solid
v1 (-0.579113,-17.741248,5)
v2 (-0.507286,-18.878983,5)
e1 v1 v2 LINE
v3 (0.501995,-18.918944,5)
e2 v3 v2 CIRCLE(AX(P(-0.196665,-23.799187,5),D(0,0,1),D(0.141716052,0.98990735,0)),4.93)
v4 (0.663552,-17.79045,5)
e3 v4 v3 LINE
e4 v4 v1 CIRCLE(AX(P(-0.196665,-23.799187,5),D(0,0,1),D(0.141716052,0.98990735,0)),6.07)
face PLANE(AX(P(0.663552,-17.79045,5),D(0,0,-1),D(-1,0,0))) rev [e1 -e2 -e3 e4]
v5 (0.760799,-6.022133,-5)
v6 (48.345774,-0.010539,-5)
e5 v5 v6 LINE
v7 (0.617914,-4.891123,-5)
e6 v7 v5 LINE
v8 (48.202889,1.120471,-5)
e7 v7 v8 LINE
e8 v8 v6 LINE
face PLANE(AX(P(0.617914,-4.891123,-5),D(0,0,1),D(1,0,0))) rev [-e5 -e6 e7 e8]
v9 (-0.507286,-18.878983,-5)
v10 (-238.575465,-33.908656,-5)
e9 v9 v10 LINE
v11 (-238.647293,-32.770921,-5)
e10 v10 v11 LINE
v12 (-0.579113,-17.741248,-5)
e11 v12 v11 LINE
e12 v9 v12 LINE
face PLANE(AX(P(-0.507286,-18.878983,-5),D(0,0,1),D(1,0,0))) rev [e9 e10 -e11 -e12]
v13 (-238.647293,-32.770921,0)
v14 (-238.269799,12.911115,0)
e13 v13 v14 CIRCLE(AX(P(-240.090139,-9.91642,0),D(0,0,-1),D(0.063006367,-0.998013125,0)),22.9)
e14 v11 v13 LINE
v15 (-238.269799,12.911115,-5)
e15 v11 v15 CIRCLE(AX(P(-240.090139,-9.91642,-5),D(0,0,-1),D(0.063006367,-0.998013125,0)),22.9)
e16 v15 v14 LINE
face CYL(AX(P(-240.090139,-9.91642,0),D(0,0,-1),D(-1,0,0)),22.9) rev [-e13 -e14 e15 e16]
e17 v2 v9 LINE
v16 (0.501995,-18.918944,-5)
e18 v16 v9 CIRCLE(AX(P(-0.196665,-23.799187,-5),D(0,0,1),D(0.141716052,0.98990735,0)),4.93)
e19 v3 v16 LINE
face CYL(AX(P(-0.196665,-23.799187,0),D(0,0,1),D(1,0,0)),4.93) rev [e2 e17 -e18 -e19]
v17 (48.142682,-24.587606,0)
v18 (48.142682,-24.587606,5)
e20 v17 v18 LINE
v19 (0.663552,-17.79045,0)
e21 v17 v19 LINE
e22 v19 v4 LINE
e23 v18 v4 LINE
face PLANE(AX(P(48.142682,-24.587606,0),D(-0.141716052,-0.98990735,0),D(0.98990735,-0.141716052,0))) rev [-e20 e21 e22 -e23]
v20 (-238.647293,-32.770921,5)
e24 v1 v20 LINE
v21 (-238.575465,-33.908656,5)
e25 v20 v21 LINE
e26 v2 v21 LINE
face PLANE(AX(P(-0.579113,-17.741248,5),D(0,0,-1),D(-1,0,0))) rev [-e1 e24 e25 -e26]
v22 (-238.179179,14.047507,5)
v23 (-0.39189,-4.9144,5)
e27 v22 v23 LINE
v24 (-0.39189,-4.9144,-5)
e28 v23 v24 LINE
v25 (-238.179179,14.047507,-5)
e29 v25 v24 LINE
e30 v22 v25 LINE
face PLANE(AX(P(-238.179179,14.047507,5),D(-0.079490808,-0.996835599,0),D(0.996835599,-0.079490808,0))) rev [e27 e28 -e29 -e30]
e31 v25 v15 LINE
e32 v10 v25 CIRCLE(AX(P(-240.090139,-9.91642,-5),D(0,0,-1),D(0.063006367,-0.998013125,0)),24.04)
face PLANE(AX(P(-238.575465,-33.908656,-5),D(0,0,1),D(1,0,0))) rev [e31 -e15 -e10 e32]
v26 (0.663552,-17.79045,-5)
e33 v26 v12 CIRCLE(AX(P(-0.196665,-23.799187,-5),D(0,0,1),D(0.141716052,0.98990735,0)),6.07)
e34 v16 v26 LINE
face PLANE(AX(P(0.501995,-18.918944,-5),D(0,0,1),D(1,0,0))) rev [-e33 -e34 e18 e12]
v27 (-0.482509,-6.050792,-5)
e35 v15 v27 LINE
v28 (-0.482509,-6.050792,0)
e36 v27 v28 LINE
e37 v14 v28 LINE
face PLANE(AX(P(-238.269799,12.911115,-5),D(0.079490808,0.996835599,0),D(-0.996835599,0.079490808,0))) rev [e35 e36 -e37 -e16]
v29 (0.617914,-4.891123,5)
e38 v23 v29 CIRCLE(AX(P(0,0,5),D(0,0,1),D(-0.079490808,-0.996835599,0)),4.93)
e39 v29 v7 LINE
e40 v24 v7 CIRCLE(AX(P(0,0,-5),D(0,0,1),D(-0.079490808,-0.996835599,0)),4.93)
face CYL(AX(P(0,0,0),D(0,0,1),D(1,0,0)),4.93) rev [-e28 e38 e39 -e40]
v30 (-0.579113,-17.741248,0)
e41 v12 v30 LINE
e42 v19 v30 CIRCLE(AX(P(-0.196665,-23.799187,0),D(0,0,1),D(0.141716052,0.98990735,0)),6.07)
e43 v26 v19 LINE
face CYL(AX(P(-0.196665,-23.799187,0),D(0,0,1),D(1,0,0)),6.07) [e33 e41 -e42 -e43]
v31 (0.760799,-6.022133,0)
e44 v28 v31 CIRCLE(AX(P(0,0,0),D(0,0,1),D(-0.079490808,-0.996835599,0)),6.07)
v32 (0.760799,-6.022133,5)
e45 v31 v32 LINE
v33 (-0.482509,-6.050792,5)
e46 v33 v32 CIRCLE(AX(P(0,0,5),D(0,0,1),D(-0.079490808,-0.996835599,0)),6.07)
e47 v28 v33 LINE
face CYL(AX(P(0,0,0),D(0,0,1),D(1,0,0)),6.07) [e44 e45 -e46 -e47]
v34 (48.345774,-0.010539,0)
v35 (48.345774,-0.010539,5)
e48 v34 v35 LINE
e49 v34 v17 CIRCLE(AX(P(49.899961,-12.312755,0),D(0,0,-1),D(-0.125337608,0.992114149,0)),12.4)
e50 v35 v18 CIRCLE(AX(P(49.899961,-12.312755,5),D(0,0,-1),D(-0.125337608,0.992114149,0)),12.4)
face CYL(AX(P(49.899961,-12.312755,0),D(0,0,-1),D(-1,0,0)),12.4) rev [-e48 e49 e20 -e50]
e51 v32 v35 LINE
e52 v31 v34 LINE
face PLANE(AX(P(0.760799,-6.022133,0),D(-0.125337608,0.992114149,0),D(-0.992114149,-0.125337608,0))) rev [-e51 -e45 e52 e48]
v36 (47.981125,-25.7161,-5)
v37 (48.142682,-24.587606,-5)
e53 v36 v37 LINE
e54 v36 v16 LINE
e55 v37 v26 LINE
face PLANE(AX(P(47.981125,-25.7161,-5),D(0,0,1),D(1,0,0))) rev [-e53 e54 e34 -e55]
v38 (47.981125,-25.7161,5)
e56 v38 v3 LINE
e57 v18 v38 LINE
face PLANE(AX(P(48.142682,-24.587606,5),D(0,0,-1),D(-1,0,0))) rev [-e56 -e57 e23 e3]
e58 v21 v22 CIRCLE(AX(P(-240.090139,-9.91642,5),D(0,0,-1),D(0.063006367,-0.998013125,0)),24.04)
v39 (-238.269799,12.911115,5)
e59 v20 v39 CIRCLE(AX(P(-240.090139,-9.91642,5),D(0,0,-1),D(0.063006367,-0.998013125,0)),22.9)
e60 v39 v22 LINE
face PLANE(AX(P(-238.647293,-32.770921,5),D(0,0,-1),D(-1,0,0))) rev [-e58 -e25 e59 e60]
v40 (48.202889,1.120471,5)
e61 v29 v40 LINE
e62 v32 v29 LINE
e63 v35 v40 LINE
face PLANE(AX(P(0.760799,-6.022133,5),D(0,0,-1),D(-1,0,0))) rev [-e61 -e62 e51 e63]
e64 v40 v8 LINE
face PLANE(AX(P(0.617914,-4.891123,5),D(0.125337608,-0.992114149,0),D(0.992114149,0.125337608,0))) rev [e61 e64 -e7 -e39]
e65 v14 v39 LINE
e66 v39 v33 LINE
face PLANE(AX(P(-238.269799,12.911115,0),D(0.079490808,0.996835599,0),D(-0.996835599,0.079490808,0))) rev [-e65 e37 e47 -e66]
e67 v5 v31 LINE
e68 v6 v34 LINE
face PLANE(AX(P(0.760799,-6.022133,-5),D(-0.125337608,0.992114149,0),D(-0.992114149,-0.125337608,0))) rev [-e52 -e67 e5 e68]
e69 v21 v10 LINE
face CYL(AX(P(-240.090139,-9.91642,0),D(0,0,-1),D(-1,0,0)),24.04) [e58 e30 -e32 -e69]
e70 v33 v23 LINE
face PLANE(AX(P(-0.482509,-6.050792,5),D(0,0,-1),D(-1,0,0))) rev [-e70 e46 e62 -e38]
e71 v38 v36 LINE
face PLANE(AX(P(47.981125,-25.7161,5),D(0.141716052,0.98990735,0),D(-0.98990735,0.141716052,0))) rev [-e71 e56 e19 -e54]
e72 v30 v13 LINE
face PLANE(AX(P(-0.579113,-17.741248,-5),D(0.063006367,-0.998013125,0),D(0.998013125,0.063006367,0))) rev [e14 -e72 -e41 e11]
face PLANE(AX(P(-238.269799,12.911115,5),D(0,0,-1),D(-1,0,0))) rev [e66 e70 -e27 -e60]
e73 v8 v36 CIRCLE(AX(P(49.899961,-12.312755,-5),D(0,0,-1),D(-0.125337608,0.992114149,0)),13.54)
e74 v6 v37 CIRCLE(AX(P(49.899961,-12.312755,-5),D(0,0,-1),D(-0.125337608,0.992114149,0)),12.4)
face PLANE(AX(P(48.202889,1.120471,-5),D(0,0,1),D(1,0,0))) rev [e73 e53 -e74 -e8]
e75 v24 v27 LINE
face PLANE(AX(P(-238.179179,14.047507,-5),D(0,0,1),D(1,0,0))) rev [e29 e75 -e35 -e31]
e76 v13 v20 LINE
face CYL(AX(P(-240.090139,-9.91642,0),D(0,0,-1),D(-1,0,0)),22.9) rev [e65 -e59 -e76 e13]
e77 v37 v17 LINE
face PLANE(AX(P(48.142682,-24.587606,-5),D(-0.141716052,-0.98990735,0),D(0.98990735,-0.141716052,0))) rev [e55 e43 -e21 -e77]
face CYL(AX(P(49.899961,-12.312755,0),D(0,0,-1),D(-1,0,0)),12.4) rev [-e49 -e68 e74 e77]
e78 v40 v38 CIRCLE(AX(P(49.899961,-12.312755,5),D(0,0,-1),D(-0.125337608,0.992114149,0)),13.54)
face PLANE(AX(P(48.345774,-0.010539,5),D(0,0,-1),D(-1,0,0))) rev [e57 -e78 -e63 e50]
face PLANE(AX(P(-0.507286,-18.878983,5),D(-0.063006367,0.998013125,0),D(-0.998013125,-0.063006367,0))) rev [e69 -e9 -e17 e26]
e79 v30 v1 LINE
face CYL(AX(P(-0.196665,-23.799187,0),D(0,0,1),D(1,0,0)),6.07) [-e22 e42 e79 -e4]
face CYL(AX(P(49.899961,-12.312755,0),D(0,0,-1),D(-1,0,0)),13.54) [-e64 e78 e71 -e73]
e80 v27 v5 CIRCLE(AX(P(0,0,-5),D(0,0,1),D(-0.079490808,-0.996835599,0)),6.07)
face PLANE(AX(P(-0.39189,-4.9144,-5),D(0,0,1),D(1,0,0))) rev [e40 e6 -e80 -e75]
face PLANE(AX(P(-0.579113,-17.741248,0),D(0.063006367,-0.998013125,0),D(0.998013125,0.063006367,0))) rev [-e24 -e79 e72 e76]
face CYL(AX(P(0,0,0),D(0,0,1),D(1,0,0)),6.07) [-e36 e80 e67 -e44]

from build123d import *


with BuildPart() as part:
    # Sweep1: sweep along a path in Sketch2
    with BuildLine(Plane.XY) as sweep1_path:
        Line((0.760799283, -6.022132882), (48.345774261, -0.010539388))
        ThreePointArc((48.345774261, -0.010539388), (62.299537257, -12.415218786), (48.142681566, -24.587605966))
        Line((48.142681566, -24.587605966), (0.663551745, -17.790449832))
        ThreePointArc((0.663551745, -17.790449832), (0.04348261, -17.733939776), (-0.579113336, -17.741247775))
        Line((-0.579113336, -17.741247775), (-238.647292697, -32.77092096))
        ThreePointArc((-238.647292697, -32.77092096), (-262.989356674, -9.727192609), (-238.269798997, 12.91111482))
        Line((-238.269798997, 12.91111482), (-0.482509205, -6.050792086))
        ThreePointArc((-0.482509205, -6.050792086), (0.139880947, -6.068388033), (0.760799283, -6.022132882))
    # Sketch3 → Sweep1 (sweep)
    with BuildSketch(Plane(origin=(-238.269798997, 12.91111482, 0), x_dir=(0, 0, 1), z_dir=(-0.9968355989946425, 0.07949080812894212, 0))):
        Polygon((0, 0), (5, 0), (5, 1.14), (-5, 1.14), (-5, 0), align=None)
    sweep(path=sweep1_path.line)


solid = part.part
